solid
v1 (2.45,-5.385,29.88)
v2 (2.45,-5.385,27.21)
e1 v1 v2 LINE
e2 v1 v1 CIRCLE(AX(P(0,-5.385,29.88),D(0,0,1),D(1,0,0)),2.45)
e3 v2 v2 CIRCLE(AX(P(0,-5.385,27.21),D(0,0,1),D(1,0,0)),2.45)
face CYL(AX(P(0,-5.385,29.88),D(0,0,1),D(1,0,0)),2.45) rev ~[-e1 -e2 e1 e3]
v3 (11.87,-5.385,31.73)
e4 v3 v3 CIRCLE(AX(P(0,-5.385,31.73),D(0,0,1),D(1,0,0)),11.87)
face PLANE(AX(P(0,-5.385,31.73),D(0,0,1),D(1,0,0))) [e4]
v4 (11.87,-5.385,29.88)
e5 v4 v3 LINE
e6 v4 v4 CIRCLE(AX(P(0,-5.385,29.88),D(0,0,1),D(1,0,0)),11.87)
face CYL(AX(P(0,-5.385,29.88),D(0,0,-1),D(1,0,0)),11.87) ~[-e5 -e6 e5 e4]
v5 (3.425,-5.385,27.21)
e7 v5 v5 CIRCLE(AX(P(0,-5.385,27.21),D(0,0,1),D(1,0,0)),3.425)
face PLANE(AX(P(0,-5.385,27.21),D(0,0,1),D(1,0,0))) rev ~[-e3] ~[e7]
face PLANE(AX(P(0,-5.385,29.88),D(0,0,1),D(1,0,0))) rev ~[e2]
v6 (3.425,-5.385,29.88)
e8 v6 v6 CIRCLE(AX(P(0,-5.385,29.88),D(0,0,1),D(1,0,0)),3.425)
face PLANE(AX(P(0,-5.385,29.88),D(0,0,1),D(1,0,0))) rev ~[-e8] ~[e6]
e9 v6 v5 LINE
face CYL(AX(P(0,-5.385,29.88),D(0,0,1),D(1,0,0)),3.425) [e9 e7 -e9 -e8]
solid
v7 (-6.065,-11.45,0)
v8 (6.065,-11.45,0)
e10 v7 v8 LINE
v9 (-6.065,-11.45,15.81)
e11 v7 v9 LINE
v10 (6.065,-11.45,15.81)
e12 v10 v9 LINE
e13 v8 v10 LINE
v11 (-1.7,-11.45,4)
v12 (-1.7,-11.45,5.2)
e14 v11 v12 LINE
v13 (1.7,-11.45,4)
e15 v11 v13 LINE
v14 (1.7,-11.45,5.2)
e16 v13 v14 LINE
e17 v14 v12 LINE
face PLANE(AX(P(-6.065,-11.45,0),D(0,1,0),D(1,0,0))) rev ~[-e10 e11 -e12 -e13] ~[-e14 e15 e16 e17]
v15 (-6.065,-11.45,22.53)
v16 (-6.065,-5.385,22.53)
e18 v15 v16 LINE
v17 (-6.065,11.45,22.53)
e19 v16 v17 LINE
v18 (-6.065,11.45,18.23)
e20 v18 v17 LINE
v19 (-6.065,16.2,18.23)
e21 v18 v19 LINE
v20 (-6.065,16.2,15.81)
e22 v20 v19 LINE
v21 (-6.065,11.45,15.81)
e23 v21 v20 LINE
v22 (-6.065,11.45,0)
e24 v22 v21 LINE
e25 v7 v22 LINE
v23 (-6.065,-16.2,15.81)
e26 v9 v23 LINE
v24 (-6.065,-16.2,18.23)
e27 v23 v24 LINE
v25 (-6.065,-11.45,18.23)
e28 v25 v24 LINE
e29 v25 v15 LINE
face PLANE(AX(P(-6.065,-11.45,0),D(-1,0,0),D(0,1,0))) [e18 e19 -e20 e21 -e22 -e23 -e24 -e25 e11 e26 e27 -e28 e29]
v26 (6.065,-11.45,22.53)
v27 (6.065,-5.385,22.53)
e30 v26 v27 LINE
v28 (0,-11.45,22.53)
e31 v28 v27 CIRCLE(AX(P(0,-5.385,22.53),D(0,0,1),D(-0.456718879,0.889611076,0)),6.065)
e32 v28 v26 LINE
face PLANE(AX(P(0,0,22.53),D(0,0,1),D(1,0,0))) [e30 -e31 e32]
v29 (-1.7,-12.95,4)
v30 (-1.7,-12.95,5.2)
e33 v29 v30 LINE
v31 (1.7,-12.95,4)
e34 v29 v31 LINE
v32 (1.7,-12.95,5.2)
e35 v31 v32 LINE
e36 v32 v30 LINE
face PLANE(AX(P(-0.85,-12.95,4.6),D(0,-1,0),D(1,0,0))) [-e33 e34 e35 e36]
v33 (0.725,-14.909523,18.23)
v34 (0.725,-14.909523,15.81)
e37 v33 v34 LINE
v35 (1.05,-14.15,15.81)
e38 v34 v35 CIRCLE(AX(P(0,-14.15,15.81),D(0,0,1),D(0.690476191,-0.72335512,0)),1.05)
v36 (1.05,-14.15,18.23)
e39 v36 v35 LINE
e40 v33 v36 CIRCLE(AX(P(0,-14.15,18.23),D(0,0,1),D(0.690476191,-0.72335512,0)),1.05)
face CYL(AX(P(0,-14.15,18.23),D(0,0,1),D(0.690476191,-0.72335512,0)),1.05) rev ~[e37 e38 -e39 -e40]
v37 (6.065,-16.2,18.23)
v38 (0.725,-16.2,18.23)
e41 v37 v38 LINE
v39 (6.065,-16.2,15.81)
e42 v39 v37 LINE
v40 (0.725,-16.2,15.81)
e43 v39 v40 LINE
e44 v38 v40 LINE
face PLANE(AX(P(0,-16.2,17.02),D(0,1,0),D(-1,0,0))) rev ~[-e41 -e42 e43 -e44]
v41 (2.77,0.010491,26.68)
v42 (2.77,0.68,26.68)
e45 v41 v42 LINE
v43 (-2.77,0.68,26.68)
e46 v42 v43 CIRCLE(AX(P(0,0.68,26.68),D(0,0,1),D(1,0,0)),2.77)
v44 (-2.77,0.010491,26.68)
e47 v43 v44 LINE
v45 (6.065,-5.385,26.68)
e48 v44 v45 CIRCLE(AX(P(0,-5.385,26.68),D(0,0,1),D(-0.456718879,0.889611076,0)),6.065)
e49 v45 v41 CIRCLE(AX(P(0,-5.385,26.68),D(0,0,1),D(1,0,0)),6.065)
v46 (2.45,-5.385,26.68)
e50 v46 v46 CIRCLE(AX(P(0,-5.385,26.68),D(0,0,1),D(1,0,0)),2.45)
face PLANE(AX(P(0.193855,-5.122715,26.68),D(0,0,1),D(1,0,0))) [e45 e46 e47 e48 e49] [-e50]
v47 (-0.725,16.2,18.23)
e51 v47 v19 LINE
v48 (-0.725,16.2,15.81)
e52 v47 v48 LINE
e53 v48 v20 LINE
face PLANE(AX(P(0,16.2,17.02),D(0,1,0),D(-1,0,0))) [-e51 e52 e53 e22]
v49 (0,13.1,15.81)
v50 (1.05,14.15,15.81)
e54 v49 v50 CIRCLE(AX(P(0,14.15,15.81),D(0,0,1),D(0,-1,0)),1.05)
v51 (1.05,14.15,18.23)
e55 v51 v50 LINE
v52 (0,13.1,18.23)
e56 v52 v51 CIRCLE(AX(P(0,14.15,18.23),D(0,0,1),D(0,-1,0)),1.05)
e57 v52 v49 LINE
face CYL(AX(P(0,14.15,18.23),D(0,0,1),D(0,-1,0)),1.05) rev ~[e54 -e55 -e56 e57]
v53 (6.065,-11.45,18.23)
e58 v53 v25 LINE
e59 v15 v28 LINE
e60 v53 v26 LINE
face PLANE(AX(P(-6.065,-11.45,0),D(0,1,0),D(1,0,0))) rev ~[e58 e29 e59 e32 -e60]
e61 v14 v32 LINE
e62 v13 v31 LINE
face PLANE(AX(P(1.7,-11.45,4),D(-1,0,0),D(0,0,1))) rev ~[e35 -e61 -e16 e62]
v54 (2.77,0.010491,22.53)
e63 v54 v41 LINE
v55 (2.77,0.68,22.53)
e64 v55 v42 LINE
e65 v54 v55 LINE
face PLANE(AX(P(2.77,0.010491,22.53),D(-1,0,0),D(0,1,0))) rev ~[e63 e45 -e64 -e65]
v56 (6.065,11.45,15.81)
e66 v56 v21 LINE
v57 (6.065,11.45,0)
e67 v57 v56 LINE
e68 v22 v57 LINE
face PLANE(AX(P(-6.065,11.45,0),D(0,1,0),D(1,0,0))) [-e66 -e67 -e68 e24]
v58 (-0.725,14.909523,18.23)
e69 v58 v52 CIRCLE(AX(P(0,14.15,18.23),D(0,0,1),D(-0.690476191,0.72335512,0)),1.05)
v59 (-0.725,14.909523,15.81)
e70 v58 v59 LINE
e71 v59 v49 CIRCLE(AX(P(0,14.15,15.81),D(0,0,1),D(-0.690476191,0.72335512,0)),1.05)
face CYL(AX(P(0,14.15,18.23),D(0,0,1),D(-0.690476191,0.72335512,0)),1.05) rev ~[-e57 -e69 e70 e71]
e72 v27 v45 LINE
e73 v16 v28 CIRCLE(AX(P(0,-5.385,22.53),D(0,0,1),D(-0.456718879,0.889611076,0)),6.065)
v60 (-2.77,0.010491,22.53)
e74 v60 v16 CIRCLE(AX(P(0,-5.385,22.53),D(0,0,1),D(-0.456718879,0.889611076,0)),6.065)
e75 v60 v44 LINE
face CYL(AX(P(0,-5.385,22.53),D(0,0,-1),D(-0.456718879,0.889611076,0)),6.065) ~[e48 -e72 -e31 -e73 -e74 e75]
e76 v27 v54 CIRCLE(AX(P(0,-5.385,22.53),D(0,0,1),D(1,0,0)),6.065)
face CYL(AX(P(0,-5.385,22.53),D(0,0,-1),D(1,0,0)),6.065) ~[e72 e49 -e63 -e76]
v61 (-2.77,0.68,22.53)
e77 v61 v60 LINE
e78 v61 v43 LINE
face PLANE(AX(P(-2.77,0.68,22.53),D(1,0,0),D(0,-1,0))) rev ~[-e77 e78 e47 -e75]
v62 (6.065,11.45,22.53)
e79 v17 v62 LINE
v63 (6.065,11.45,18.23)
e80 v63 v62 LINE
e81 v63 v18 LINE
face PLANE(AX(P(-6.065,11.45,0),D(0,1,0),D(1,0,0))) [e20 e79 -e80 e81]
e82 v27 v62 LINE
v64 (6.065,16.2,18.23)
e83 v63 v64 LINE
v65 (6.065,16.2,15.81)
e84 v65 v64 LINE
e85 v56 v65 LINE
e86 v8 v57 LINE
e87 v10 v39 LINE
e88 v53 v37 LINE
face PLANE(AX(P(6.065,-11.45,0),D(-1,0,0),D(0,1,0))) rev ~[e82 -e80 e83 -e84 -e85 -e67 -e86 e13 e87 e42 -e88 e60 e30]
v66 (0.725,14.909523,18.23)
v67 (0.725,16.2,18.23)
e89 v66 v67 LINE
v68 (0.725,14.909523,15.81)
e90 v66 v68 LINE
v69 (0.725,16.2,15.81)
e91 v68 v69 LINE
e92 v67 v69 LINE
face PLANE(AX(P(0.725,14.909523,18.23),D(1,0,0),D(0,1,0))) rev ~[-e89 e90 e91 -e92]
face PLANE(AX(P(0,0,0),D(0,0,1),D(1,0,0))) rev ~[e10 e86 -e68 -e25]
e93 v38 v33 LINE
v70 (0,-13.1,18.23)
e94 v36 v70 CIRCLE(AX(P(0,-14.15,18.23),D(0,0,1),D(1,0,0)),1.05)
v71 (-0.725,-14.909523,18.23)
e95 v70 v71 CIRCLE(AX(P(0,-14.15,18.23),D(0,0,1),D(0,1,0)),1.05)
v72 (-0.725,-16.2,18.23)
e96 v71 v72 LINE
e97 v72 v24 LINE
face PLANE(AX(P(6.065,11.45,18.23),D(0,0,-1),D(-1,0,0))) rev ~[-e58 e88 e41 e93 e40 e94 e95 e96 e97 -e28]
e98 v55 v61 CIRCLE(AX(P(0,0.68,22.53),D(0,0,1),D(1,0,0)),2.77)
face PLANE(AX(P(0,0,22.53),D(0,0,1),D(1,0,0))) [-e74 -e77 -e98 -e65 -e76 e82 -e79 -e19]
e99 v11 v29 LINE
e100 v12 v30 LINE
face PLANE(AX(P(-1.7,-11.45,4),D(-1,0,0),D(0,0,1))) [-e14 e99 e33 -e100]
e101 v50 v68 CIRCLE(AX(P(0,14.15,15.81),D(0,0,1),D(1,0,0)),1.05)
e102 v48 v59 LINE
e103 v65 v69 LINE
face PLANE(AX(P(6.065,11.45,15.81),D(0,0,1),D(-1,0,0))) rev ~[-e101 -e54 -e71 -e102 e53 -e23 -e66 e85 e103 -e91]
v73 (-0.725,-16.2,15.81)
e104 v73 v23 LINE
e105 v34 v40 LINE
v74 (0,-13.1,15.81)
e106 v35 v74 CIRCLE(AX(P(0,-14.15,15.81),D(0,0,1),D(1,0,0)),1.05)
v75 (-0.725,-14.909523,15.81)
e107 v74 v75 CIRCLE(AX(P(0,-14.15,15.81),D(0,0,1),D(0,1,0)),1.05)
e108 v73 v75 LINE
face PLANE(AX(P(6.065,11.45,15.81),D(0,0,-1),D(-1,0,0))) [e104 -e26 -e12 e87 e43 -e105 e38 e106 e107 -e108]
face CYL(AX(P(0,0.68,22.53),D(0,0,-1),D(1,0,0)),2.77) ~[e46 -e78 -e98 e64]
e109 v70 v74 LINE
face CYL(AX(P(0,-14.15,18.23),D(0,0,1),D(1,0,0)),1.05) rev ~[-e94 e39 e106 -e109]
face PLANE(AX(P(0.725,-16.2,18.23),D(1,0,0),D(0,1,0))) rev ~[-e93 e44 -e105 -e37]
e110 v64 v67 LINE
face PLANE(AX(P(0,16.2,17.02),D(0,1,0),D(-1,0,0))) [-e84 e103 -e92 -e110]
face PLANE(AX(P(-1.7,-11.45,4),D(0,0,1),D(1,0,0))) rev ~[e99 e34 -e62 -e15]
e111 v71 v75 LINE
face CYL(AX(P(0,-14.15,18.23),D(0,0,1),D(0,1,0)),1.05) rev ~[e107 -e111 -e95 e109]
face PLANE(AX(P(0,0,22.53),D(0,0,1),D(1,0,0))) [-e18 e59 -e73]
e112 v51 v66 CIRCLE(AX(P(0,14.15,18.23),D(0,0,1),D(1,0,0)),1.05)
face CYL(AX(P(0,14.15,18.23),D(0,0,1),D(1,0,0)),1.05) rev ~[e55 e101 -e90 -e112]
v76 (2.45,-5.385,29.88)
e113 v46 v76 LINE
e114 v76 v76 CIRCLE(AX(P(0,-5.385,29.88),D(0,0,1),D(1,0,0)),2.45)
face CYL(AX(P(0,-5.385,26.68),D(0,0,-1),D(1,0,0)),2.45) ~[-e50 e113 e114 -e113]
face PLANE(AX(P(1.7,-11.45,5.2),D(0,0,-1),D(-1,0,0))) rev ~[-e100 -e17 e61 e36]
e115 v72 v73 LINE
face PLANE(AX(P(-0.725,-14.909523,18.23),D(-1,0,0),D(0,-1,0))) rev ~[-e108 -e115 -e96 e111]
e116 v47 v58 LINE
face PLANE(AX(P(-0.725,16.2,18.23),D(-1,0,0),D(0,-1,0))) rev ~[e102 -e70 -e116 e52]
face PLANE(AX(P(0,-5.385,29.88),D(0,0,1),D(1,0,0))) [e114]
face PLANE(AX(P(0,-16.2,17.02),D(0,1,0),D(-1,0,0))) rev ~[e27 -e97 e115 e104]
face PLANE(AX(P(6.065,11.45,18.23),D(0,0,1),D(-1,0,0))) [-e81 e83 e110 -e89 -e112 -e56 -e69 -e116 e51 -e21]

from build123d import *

# Parameters (mm, degrees)
F0_W          = 12.13
F0_H          = 22.9
F1_DEPTH      = 22.53
F2_W          = 12.13
F2_H          = 2.42
F3_DEPTH      = 4.75
F3_DEPTH_BACK = 27.65
F4_W          = 0.725
F4_H          = 1
F5_DEPTH      = 25
F6_DEPTH      = 25
F8_DEPTH      = 4.15
F9_R          = 2.45
F10_DEPTH     = 3.2
F11_R         = 11.87
F11_R_2       = 3.425
F11_R_3       = 2.45
F12_DEPTH     = 1.85
F13_DEPTH     = 2.67
F14_W         = 1.7
F14_H         = 1.2
F15_DEPTH     = 1.5


with BuildPart() as f1:
    # F0 (on Top) → F1 (new body)
    with BuildSketch(Plane.XY):
        Rectangle(F0_W, F0_H)
    extrude(amount=F1_DEPTH)

    # F2 (on face) → F3 (join, two sides)
    with BuildSketch(Plane(origin=(0, 11.45, 0), x_dir=(-1, 0, 0), z_dir=(0, 1, 0))) as f3_sk:
        with Locations((0, 17.02)):
            Rectangle(F2_W, F2_H)
    extrude(amount=F3_DEPTH)
    extrude(f3_sk.sketch, amount=-F3_DEPTH_BACK)

    # F4 (on face) → F5 (cut)
    with BuildSketch(Plane.XY.offset(18.23)):
        with BuildLine():
            ThreePointArc((0, 13.1), (0.7424621202, 13.4075378798), (1.05, 14.15))
            ThreePointArc((1.05, 14.15), (0.9653367288, 14.563067791), (0.725, 14.9095228765))
            Line((0.725, 14.9095228765), (0.725, 14.2))
            Line((0.725, 14.2), (0, 14.2))
            Line((0, 14.2), (0, 13.1))
        make_face()
        with BuildLine():
            ThreePointArc((-0.725, 14.9095228765), (-0.9746791832, 13.7594868891), (0, 13.1))
            Line((0, 13.1), (0, 14.2))
            Line((0, 14.2), (-0.725, 14.2))
            Line((-0.725, 14.2), (-0.725, 14.9095228765))
        make_face()
        with BuildLine():
            Line((0, 14.2), (0, 15.2))
            ThreePointArc((0, 15.2), (-0.3905131109, 15.1246791832), (-0.725, 14.9095228765))
            Line((-0.725, 14.9095228765), (-0.725, 14.2))
            Line((-0.725, 14.2), (0, 14.2))
        make_face()
        with BuildLine():
            Line((0.725, 14.2), (0.725, 14.9095228765))
            ThreePointArc((0.725, 14.9095228765), (0.3905131109, 15.1246791832), (0, 15.2))
            Line((0, 15.2), (0, 14.2))
            Line((0, 14.2), (0.725, 14.2))
        make_face()
        with BuildLine():
            ThreePointArc((0, 15.2), (0.3905131109, 15.1246791832), (0.725, 14.9095228765))
            Line((0.725, 14.9095228765), (0.725, 15.2))
            Line((0.725, 15.2), (0, 15.2))
        make_face()
        with Locations((0.3625, 15.7)):
            Rectangle(F4_W, F4_H)
        with Locations((-0.3625, 15.7)):
            Rectangle(F4_W, F4_H)
        with BuildLine():
            ThreePointArc((-0.725, 14.9095228765), (-0.3905131109, 15.1246791832), (0, 15.2))
            Line((0, 15.2), (-0.725, 15.2))
            Line((-0.725, 15.2), (-0.725, 14.9095228765))
        make_face()
    extrude(amount=-F5_DEPTH, mode=Mode.SUBTRACT)

    # F4 (on face) → F6 (cut)
    with BuildSketch(Plane.XY.offset(18.23)):
        with BuildLine():
            ThreePointArc((1.05, -14.15), (0.7424621202, -13.4075378798), (0, -13.1))
            Line((0, -13.1), (0, -14.2))
            Line((0, -14.2), (0.725, -14.2))
            Line((0.725, -14.2), (0.725, -14.9095228765))
            ThreePointArc((0.725, -14.9095228765), (0.9653367288, -14.563067791), (1.05, -14.15))
        make_face()
        with BuildLine():
            Line((0, -14.2), (0, -13.1))
            ThreePointArc((0, -13.1), (-0.9746791832, -13.7594868891), (-0.725, -14.9095228765))
            Line((-0.725, -14.9095228765), (-0.725, -14.2))
            Line((-0.725, -14.2), (0, -14.2))
        make_face()
        with BuildLine():
            Line((0.725, -14.2), (0, -14.2))
            Line((0, -14.2), (0, -15.2))
            ThreePointArc((1.4e-09, -15.2), (0.3905131116, -15.124679183), (0.725, -14.9095228765))
            Line((0.725, -14.9095228765), (0.725, -14.2))
        make_face()
        with BuildLine():
            ThreePointArc((0.725, -14.9095228765), (0.3905131116, -15.124679183), (1.4e-09, -15.2))
            Line((1.4e-09, -15.2), (0.725, -15.2))
            Line((0.725, -15.2), (0.725, -14.9095228765))
        make_face()
        with Locations((0.3625, -15.7)):
            Rectangle(F4_W, F4_H)
        with Locations((-0.3625, -15.7)):
            Rectangle(F4_W, F4_H)
        with BuildLine():
            Line((0, -15.2), (0, -14.2))
            Line((0, -14.2), (-0.725, -14.2))
            Line((-0.725, -14.2), (-0.725, -14.9095228765))
            ThreePointArc((-0.725, -14.9095228765), (-0.3905131103, -15.1246791835), (1.4e-09, -15.2))
        make_face()
        with BuildLine():
            ThreePointArc((1.4e-09, -15.2), (-0.3905131103, -15.1246791835), (-0.725, -14.9095228765))
            Line((-0.725, -14.9095228765), (-0.725, -15.2))
            Line((-0.725, -15.2), (1.4e-09, -15.2))
        make_face()
    extrude(amount=-F6_DEPTH, mode=Mode.SUBTRACT)

    # F7 (on face) → F8 (join)
    with BuildSketch(Plane.XY.offset(22.53)):
        with BuildLine():
            ThreePointArc((-2.77, 0.0104911732), (-3.1610263365, -10.5611121993), (6.065, -5.385))
            ThreePointArc((6.065, -5.385), (5.1761121993, -2.2239736635), (2.77, 0.0104911732))
            ThreePointArc((2.77, 0.0104911732), (2.7334664427, 0.0290914479), (2.6968079934, 0.0474443528))
            ThreePointArc((2.6968079934, 0.0474443528), (0, -2.09), (-2.6968079934, 0.0474443528))
            ThreePointArc((-2.6968079934, 0.0474443528), (-2.7334664427, 0.0290914479), (-2.77, 0.0104911732))
        make_face()
        with BuildLine():
            ThreePointArc((2.6968079934, 0.0474443528), (2.7334664427, 0.0290914479), (2.77, 0.0104911732))
            Line((2.77, 0.0104911732), (2.77, 0.68))
            ThreePointArc((2.77, 0.68), (2.7516411595, 0.3616119834), (2.6968079934, 0.0474443528))
        make_face()
        with BuildLine():
            Line((-2.77, 0.68), (-2.77, 0.0104911732))
            ThreePointArc((-2.77, 0.0104911732), (-2.7334664427, 0.0290914479), (-2.6968079934, 0.0474443528))
            ThreePointArc((-2.6968079934, 0.0474443528), (-2.7516411595, 0.3616119834), (-2.77, 0.68))
        make_face()
        with BuildLine():
            ThreePointArc((-2.6968079934, 0.0474443528), (0, 0.68), (2.6968079934, 0.0474443528))
            ThreePointArc((2.6968079934, 0.0474443528), (2.7516411595, 0.3616119834), (2.77, 0.68))
            ThreePointArc((2.77, 0.68), (0, 3.45), (-2.77, 0.68))
            ThreePointArc((-2.77, 0.68), (-2.7516411595, 0.3616119834), (-2.6968079934, 0.0474443528))
        make_face()
        with BuildLine():
            ThreePointArc((-2.6968079934, 0.0474443528), (0, -2.09), (2.6968079934, 0.0474443528))
            ThreePointArc((2.6968079934, 0.0474443528), (0, 0.68), (-2.6968079934, 0.0474443528))
        make_face()
    extrude(amount=F8_DEPTH)

    # F9 (on face) → F10 (join)
    with BuildSketch(Plane.XY.offset(26.68)):
        with Locations((0, -5.385)):
            Circle(F9_R)
    extrude(amount=F10_DEPTH)

    # F14 (on face) → F15 (join)
    with BuildSketch(Plane.XZ.offset(11.45)):
        with Locations((-0.85, 4.6)):
            Rectangle(F14_W, F14_H)
        with Locations((0.85, 4.6)):
            Rectangle(F14_W, F14_H)
    extrude(amount=F15_DEPTH)


with BuildPart() as f12:
    # F11 (on face) → F12 (new body)
    with BuildSketch(Plane.XY.offset(29.88)):
        with Locations((0, -5.385)):
            Circle(F11_R)
        with Locations((0, -5.385)):
            Circle(F11_R_2, mode=Mode.SUBTRACT)
        with Locations((0, -5.385)):
            Circle(F11_R_2)
        with Locations((0, -5.385)):
            Circle(F11_R_3, mode=Mode.SUBTRACT)
        with Locations((0, -5.385)):
            Circle(F11_R_3)
    extrude(amount=F12_DEPTH)

    # F11 (on face) → F13 (join)
    with BuildSketch(Plane.XY.offset(29.88)):
        with Locations((0, -5.385)):
            Circle(F11_R_2)
        with Locations((0, -5.385)):
            Circle(F11_R_3, mode=Mode.SUBTRACT)
    extrude(amount=-F13_DEPTH)


solid = Compound([f1.part, f12.part])
